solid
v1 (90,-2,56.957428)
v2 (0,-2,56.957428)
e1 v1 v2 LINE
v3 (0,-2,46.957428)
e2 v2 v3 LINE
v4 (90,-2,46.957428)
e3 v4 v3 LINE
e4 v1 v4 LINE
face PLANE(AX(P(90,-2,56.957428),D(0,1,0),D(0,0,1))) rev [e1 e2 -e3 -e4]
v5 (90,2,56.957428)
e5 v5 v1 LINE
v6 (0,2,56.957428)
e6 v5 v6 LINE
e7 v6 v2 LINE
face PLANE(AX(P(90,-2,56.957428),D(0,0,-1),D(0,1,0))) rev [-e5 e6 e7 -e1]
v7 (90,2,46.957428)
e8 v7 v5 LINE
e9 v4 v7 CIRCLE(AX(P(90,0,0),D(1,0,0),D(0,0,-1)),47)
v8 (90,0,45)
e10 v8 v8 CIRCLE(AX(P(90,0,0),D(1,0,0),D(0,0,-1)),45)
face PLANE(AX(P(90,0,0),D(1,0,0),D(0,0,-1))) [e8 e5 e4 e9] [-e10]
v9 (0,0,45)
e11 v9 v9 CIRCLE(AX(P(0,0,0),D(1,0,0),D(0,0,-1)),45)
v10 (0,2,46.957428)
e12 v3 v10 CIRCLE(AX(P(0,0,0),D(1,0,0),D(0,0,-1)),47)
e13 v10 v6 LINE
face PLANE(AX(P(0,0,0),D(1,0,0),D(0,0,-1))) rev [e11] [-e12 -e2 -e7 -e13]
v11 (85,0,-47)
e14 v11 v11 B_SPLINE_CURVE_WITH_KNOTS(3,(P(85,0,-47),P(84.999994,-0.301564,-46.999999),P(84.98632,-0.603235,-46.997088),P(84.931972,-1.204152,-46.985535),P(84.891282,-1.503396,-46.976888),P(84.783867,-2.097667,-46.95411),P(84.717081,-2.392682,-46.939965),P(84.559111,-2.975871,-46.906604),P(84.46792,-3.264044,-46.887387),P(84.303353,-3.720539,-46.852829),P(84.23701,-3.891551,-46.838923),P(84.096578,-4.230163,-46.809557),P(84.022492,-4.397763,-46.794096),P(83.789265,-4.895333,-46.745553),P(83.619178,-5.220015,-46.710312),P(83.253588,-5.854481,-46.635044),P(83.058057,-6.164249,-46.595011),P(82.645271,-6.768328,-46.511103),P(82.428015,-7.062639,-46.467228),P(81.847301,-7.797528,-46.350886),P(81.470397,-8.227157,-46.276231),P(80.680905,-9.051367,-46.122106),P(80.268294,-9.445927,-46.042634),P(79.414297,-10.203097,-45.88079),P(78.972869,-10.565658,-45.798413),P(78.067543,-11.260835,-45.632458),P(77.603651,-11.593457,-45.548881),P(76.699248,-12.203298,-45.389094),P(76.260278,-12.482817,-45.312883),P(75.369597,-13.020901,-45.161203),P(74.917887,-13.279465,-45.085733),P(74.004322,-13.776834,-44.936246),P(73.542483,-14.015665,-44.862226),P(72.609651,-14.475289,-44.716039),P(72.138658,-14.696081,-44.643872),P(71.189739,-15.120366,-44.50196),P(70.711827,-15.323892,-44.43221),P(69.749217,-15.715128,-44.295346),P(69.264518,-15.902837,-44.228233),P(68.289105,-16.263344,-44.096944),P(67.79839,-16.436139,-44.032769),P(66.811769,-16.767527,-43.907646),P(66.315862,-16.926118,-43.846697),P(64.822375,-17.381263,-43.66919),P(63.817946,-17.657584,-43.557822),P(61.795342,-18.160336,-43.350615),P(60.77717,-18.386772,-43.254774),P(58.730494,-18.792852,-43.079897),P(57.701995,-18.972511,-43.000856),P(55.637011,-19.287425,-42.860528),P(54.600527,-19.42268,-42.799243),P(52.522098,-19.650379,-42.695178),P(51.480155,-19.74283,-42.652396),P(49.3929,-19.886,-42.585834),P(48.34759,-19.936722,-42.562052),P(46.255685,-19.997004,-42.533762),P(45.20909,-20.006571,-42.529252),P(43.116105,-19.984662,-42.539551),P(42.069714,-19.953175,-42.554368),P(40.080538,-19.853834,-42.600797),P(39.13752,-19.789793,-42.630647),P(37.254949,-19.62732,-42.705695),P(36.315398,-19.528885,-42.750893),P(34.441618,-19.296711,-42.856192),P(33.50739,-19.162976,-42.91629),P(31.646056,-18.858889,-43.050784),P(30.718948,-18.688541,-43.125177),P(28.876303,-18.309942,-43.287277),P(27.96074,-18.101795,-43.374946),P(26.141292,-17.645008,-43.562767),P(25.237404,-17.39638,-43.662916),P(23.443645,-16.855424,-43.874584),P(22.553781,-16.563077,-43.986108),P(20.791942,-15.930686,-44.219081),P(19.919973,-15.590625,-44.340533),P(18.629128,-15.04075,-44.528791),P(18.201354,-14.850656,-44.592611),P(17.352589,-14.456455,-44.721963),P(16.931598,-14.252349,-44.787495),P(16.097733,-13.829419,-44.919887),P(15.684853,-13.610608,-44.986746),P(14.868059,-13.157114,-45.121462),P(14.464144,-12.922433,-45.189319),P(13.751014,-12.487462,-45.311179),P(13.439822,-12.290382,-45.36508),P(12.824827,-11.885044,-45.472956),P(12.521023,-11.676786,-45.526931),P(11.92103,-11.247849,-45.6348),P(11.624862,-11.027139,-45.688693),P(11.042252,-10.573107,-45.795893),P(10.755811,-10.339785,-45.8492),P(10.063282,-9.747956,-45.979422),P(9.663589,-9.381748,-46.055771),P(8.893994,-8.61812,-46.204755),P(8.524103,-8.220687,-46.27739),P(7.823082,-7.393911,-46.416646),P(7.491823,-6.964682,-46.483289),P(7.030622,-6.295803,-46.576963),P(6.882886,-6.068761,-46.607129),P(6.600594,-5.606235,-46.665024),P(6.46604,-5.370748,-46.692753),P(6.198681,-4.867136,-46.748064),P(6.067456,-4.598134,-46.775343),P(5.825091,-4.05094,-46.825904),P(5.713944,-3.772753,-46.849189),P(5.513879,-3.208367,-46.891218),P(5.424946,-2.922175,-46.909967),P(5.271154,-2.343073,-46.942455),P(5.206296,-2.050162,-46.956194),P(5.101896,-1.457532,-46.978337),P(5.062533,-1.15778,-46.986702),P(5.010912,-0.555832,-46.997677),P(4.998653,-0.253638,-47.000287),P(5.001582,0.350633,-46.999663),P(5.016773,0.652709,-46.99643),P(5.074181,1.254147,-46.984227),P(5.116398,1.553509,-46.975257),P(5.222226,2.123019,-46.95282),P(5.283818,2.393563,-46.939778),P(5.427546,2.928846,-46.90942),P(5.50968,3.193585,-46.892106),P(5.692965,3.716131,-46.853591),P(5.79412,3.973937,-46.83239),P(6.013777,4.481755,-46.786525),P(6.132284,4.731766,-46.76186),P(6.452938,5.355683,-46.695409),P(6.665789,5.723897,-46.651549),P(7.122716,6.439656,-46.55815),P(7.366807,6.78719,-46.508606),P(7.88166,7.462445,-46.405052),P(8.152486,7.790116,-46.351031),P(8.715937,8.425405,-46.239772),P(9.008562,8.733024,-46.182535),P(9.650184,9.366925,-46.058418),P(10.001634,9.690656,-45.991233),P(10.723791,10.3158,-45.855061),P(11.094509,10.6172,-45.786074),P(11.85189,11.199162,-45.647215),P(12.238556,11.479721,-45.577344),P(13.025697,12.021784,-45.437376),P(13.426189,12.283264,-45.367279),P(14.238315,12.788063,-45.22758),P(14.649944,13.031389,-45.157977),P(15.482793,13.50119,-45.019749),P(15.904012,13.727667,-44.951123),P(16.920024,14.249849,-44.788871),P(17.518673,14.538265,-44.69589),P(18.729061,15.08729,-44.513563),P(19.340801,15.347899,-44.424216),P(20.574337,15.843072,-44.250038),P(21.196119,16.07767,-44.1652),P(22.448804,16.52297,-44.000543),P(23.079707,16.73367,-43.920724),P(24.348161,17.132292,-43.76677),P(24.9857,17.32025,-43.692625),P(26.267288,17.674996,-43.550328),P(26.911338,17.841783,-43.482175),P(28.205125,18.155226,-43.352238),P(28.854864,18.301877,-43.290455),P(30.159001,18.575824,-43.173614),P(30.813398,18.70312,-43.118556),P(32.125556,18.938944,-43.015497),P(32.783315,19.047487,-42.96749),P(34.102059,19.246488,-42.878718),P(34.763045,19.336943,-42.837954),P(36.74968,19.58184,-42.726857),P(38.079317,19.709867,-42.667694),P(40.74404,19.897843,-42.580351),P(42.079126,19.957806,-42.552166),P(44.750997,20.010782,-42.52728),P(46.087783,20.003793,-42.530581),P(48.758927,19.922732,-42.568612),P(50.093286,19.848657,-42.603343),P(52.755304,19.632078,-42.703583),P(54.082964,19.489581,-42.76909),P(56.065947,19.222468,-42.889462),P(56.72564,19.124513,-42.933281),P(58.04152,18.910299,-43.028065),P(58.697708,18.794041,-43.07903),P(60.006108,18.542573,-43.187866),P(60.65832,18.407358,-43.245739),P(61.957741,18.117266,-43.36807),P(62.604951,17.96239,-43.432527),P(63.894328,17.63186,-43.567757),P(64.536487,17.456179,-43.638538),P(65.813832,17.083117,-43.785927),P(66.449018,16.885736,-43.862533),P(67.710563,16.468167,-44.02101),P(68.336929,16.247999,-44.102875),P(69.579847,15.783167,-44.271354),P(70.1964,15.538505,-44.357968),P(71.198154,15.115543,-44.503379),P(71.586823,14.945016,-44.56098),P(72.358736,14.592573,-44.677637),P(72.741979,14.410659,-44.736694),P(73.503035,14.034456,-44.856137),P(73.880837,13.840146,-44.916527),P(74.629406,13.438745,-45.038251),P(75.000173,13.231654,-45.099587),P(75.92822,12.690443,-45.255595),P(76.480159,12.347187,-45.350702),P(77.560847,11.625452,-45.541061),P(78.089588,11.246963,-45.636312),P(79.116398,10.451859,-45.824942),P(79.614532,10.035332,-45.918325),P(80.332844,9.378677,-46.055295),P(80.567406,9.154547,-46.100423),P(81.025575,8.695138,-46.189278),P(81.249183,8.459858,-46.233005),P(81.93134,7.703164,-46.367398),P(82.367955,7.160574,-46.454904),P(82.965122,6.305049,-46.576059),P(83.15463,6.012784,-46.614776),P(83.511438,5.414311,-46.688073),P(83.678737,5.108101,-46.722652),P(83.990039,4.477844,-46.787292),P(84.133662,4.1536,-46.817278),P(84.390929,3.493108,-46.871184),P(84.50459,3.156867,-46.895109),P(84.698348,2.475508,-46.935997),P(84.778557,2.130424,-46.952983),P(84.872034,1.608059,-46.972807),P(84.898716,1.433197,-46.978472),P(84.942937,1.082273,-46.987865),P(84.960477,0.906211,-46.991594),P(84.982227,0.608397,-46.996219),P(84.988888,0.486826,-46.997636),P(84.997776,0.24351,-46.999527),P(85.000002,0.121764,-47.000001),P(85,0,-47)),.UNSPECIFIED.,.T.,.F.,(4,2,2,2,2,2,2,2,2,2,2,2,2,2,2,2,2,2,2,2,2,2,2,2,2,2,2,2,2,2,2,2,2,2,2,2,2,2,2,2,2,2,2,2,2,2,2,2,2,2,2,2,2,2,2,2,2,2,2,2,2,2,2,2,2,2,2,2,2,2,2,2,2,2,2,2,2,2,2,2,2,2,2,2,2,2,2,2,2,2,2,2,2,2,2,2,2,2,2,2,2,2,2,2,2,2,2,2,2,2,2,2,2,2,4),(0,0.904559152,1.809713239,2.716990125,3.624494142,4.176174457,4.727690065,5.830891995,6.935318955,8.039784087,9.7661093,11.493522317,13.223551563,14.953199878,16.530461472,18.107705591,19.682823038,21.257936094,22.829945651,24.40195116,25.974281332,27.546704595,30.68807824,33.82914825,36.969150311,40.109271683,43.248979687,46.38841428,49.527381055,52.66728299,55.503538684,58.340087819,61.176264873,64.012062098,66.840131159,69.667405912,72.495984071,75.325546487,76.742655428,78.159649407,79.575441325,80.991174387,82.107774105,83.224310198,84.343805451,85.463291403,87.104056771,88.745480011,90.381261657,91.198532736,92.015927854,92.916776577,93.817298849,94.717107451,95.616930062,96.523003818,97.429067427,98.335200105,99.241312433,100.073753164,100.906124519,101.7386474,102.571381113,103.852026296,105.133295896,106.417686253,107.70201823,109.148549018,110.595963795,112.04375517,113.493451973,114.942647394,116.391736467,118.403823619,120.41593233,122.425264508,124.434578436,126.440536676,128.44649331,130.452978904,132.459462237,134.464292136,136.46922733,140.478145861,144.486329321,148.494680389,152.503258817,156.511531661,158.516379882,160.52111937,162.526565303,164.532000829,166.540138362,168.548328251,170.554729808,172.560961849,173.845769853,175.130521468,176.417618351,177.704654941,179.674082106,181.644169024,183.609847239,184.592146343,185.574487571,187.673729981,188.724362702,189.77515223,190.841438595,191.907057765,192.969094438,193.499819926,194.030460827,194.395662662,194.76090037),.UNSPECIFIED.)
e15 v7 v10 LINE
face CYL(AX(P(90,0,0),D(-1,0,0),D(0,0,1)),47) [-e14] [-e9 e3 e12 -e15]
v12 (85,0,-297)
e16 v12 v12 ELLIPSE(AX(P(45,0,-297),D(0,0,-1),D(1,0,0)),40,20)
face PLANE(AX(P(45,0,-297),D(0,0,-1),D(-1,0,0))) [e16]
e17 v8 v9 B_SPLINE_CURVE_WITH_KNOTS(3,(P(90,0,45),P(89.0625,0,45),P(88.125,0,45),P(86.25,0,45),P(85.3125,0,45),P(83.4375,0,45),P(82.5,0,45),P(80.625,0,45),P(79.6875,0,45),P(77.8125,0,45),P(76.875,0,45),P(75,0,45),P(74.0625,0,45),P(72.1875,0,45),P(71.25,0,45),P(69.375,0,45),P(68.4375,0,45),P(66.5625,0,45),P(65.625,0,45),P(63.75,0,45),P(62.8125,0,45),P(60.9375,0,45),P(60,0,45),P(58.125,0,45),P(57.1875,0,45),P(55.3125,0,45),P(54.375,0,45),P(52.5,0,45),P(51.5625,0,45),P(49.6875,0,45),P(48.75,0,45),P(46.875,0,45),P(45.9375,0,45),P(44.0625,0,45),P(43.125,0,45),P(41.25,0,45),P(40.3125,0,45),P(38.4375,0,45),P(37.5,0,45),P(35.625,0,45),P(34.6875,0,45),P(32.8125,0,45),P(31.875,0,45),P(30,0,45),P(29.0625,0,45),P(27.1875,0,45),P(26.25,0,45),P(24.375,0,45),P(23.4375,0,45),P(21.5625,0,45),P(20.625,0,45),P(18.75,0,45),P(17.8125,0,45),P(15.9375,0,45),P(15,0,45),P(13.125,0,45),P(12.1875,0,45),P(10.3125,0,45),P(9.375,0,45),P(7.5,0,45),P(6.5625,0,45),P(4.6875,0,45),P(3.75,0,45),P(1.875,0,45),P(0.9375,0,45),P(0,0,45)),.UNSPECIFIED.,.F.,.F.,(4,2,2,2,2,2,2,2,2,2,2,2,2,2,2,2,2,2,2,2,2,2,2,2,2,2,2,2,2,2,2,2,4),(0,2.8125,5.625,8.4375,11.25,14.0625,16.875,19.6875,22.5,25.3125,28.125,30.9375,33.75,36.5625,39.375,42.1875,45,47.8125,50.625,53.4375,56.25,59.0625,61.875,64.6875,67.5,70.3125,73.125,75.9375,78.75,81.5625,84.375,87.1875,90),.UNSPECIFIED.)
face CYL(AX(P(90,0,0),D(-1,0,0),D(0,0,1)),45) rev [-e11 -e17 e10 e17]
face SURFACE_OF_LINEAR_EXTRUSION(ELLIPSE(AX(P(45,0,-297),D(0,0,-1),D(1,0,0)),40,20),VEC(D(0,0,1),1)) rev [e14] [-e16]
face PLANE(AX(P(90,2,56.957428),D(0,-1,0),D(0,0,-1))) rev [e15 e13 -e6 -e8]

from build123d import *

# Parameters (mm, degrees)
CLASP_SKETCH_R                  = 45
CLASP_EXTRUDE_DEPTH             = 90
SHAFT_EXTRUDE_REACH             = 147.314
SHAFT_EXTRUDE_END_RADIUS        = 47
SHAFT_SKETCH_RX                 = 40
SHAFT_SKETCH_RY                 = 20
SHAFT_EXTRUDE_DIRECTION_2_DEPTH = 250


with BuildPart() as part:
    # Clasp Sketch → Clasp Extrude (new body)
    with BuildSketch(Plane(origin=(0, 0, 0), x_dir=(0, 0, -1), z_dir=(1, 0, 0))):
        with BuildLine():
            Line((-56.957427527, -2), (-56.957427527, 2))
            Line((-56.957427527, 2), (-46.957427527, 2))
            ThreePointArc((-46.957427527, 2), (47, 0), (-46.957427527, -2))
            Line((-46.957427527, -2), (-56.957427527, -2))
        make_face()
        Circle(CLASP_SKETCH_R, mode=Mode.SUBTRACT)
    extrude(amount=CLASP_EXTRUDE_DEPTH)

    # Shaft Extrude: up to this cylinder (the profile starts outside it)
    shaft_extrude_end = Plane(origin=(45, 0, 0), z_dir=(-1, 0, 0)) * Cylinder(SHAFT_EXTRUDE_END_RADIUS, 389.628, mode=Mode.PRIVATE)
    # Shaft Sketch → Shaft Extrude (add, up to the surface)
    with BuildSketch(Plane(origin=(0, 0, -47), x_dir=(-1, 0, 0), z_dir=(0, 0, -1)), mode=Mode.PRIVATE) as shaft_extrude_sk1:
        with Locations(Location((-45, 0), (0, 0, 0))):
            Ellipse(SHAFT_SKETCH_RX, SHAFT_SKETCH_RY)
    shaft_extrude_tool1 = extrude(shaft_extrude_sk1.sketch, amount=-SHAFT_EXTRUDE_REACH, mode=Mode.PRIVATE) - shaft_extrude_end
    add(shaft_extrude_tool1.solids().sort_by_distance((45, 0, -47))[0])
    add(shaft_extrude_tool1.solids().sort_by_distance((45, 0, -47))[1])

    # Shaft Sketch → Shaft Extrude direction 2 (add)
    with BuildSketch(Plane(origin=(0, 0, -47), x_dir=(-1, 0, 0), z_dir=(0, 0, -1))):
        with Locations(Location((-45, 0), (0, 0, 0))):
            Ellipse(SHAFT_SKETCH_RX, SHAFT_SKETCH_RY)
    extrude(amount=SHAFT_EXTRUDE_DIRECTION_2_DEPTH)


solid = part.part
